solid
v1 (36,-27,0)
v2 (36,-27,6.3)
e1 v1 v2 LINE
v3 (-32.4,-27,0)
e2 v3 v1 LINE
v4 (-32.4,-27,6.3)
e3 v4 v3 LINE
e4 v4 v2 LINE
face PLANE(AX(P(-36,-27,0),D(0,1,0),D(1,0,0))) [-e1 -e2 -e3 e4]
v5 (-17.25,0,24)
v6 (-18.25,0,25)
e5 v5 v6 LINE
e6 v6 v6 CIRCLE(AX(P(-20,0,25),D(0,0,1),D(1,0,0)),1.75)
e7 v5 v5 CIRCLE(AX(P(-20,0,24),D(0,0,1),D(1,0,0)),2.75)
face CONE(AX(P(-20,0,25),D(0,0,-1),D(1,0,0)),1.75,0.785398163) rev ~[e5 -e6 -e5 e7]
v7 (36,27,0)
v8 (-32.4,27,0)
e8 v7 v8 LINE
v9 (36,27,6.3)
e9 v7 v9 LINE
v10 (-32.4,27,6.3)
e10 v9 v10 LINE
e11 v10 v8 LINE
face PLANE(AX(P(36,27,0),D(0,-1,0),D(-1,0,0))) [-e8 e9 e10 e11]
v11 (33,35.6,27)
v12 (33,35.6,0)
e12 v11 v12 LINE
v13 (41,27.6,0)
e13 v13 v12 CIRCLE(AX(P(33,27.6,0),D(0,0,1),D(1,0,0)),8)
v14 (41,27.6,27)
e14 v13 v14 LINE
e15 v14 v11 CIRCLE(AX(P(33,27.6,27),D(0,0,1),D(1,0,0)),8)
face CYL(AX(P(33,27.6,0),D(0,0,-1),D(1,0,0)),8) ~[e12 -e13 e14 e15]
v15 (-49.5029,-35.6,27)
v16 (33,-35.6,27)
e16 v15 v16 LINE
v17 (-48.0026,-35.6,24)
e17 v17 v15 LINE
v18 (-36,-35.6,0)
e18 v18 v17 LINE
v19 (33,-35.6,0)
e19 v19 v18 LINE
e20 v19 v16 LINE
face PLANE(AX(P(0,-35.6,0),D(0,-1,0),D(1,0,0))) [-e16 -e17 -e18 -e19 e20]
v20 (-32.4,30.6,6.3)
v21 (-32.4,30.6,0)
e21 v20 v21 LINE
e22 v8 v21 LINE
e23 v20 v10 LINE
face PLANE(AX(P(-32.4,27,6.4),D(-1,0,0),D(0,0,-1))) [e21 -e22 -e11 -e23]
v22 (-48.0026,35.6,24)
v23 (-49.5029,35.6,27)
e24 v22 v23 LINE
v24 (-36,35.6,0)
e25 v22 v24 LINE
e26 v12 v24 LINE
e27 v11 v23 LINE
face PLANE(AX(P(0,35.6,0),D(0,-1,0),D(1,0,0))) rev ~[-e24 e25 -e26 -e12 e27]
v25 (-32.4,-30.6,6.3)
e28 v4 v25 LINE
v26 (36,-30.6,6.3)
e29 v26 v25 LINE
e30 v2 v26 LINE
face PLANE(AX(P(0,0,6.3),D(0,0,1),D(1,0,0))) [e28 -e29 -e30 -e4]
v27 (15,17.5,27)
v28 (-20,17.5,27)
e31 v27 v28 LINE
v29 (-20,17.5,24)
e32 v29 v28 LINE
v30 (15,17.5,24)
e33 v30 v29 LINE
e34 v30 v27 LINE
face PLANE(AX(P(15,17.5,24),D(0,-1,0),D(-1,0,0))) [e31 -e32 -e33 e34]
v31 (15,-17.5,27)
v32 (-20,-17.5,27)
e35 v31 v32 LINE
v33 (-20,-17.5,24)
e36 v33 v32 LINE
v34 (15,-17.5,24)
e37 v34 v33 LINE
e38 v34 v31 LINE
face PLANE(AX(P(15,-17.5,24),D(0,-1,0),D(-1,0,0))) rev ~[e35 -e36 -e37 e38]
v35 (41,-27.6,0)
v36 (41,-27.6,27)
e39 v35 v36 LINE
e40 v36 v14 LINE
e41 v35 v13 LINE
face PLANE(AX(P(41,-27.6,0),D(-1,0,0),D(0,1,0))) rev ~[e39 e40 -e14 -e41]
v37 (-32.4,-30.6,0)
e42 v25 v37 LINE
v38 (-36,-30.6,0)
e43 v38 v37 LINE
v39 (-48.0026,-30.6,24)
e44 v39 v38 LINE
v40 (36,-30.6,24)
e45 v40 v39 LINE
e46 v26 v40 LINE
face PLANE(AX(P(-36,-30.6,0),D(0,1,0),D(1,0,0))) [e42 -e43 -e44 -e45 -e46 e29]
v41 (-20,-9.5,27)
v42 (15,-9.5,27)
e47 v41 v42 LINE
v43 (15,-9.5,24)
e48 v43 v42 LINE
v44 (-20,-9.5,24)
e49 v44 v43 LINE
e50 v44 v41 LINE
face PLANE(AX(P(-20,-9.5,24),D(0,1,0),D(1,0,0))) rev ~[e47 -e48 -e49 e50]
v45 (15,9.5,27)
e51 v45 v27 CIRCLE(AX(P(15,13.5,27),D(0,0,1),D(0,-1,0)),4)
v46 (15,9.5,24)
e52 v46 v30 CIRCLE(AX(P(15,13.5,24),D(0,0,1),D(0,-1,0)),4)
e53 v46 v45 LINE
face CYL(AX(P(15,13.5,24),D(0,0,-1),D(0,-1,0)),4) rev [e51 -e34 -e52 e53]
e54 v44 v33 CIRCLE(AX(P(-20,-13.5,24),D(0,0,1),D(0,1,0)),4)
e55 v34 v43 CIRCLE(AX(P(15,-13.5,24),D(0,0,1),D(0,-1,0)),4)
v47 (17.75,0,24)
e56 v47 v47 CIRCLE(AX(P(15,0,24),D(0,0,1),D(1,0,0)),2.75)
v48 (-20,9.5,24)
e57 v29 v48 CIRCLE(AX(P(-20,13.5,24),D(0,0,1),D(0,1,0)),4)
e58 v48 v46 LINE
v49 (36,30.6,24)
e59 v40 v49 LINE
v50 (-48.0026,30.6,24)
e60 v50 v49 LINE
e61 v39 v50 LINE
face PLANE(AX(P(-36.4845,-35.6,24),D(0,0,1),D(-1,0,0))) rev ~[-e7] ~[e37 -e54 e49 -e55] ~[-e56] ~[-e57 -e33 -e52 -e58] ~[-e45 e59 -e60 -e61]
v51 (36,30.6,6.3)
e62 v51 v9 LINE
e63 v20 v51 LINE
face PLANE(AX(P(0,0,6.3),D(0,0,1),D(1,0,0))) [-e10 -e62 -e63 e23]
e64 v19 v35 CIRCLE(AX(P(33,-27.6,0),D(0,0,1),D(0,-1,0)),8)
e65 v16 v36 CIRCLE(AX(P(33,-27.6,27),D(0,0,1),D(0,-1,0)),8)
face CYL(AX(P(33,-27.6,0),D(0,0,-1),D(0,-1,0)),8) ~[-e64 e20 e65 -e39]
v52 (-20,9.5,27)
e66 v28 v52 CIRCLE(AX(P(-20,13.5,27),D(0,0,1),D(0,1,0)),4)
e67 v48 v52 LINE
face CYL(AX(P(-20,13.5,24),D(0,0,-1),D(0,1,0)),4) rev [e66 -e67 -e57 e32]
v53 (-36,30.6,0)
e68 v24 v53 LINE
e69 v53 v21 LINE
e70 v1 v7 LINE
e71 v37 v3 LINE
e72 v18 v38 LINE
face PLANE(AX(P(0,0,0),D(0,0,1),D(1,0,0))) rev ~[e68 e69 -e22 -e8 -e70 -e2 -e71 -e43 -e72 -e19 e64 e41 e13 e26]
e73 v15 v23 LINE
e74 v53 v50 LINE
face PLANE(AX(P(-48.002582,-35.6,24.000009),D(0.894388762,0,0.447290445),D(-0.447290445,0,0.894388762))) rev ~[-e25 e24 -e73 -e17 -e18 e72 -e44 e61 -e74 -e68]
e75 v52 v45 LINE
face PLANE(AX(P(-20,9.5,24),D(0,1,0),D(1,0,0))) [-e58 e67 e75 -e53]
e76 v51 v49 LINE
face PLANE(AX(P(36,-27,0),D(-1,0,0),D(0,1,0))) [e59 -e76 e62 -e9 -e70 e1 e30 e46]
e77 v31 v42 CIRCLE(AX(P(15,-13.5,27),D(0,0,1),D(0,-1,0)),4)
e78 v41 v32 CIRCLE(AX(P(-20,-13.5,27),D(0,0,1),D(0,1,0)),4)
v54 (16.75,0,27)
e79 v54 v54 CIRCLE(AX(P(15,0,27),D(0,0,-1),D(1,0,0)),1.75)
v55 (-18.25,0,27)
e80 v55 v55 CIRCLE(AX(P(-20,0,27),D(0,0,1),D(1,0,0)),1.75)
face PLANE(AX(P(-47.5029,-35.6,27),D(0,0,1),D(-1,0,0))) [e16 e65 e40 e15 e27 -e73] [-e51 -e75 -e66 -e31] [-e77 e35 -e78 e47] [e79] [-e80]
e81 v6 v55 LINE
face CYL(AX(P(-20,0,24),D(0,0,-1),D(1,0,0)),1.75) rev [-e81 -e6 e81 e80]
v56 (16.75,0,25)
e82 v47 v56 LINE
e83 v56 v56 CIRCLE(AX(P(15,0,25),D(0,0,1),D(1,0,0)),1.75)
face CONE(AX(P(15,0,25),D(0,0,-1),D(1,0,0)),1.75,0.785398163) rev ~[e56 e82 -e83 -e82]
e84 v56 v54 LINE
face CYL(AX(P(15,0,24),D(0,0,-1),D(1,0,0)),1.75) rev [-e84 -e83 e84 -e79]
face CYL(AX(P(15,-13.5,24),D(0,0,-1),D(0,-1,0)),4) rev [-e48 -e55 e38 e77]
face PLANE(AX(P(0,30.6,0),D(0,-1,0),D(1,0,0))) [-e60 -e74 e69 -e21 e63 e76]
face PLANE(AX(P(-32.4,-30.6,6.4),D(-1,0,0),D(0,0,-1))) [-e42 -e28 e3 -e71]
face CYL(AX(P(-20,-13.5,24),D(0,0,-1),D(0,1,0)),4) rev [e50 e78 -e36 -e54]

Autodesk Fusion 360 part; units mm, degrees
sketch "Sketch1" plane through (0, 0, 0) normal (0, 0, 1) x (1, 0, 0)
  line L0 (36, 27) -> (-36, 27)
  line L1 (-36, 27) -> (-36, -27)
  line L2 (-36, -27) -> (36, -27)
  line L3 (36, -27) -> (36, 27)
  line L4 (36, 30.6) -> (-36, 30.6)
  line L5 (-36, 35.6) -> (-36, -30.6)
  line L6 (-36, -30.6) -> (36, -30.6)
  line L7 (36, -30.6) -> (36, 30.6)
  line L8 (33, 35.6) -> (-36, 35.6)
  line L9 (41, -27.6) -> (41, 27.6)
  line L10 (33, -35.6) -> (-36, -35.6)
  line L11 (-36, -35.6) -> (-36, 30.6)
  arc A0 (41, 27.6) -> (33, 35.6) centre (33, 27.6) ccw
  arc A1 (33, -35.6) -> (41, -27.6) centre (33, -27.6) ccw
  circle A2 centre (-20, 0) radius 1.75
  circle A3 centre (15, 0) radius 1.75
  line L12 (-20, 9.5) -> (15, 9.5)
  arc A4 (15, 9.5) -> (15, 17.5) centre (15, 13.5) ccw
  line L13 (15, 17.5) -> (-20, 17.5)
  arc A5 (-20, 17.5) -> (-20, 9.5) centre (-20, 13.5) ccw
  line L14 (-20, 13.5) -> (15, 13.5) construction
  line L15 (1.75, 0) -> (22.5, 0)
  line L16 (-20, -9.5) -> (15, -9.5)
  line L17 (15, -17.5) -> (-20, -17.5)
  arc A6 (15, -17.5) -> (15, -9.5) centre (15, -13.5) ccw
  arc A7 (-20, -9.5) -> (-20, -17.5) centre (-20, -13.5) ccw
  dimension "d1" = 72
  dimension "d2" = 54
  dimension "d3" = 61.2
  dimension "d6" = 8
  dimension "d32" = 3.5
  dimension "d33" = 3.5
  dimension "d34" = 8
extrude "Extrude1" add sketch "Sketch1" along normal blind 6.3 contours L3 L4 L5 L6 L7 L8 L9 L10 L11 A0 A1 | L0 L4 L5 L7 L11 | L2 L5 L6 L7 L11
extrude "Extrude2" add sketch "Sketch1" along normal blind 24 contours L3 L4 L5 L6 L7 L8 L9 L10 L11 A0 A1
extrude "Extrude3" add sketch "Sketch1" along normal blind 27 and the other way blind -24
sketch "Sketch2" plane through (0, -35.6, 0) normal (0, -1, 0) x (1, 0, 0)
  line L0 (-36, 0) -> (33, 0)
  line L1 (33, 0) -> (33, 27)
  line L2 (-36, 27) -> (-36, 0)
  line L3 (-36, 0) -> (-49.5029, 27)
  line L4 (-36, 0) -> (-6, 0) construction
  line L5 (-36, 27) -> (-49.5029, 27)
  line L6 (33, 27) -> (-36, 27)
  line L7 (-36, 27) -> (-36, 24)
  line L8 (-36, 24) -> (-36.4845, 24)
  line L9 (-36.4845, 24) -> (-48.0026, 24)
  line L10 (-36, 0) -> (-36, 6.4)
  line L11 (-36, 6.4) -> (-36, 6)
  line L12 (-36, 6.4) -> (-39.2007, 6.4)
  line L13 (-36, 0) -> (-32.4, 0)
  line L14 (-49.5029, 27) -> (-47.5029, 27)
  line L15 (-36, 6.4) -> (-32.4, 6.4)
  line L16 (-32.4, 6.4) -> (-32.4, 0)
  dimension "d11" = 116.57
  dimension "d25" = 6.4
  dimension "d36" = 3.6
  dimension "d37" = 2
extrude "Extrude4" add sketch "Sketch2" against normal blind 5 contours L2 L3 L10 L11 L12 | L2 L3 L8 L9 L12
extrude "Extrude5" add sketch "Sketch2" along normal blind -71.2 and the other way blind 66.2 contours L2 L3 L10 L11 L12 | L2 L3 L8 L9 L12
extrude "Extrude6" add sketch "Sketch2" against normal blind 71.2 contours L2 L3 L5 L7 L8 L9 L14
extrude "Extrude7" cut sketch "Sketch2" along normal blind -8.6 and the other way blind 5 contours L0 L2 L10 L11 L13 L15 L16
extrude "Extrude8" cut sketch "Sketch2" along normal blind -66.2 and the other way blind 62.6 contours L0 L2 L10 L11 L13 L15 L16
chamfer "Chamfer1" distance 1 angle 45 2 edges at (-21.6316, 0.6328, 24) (13.3684, 0.6328, 24)
